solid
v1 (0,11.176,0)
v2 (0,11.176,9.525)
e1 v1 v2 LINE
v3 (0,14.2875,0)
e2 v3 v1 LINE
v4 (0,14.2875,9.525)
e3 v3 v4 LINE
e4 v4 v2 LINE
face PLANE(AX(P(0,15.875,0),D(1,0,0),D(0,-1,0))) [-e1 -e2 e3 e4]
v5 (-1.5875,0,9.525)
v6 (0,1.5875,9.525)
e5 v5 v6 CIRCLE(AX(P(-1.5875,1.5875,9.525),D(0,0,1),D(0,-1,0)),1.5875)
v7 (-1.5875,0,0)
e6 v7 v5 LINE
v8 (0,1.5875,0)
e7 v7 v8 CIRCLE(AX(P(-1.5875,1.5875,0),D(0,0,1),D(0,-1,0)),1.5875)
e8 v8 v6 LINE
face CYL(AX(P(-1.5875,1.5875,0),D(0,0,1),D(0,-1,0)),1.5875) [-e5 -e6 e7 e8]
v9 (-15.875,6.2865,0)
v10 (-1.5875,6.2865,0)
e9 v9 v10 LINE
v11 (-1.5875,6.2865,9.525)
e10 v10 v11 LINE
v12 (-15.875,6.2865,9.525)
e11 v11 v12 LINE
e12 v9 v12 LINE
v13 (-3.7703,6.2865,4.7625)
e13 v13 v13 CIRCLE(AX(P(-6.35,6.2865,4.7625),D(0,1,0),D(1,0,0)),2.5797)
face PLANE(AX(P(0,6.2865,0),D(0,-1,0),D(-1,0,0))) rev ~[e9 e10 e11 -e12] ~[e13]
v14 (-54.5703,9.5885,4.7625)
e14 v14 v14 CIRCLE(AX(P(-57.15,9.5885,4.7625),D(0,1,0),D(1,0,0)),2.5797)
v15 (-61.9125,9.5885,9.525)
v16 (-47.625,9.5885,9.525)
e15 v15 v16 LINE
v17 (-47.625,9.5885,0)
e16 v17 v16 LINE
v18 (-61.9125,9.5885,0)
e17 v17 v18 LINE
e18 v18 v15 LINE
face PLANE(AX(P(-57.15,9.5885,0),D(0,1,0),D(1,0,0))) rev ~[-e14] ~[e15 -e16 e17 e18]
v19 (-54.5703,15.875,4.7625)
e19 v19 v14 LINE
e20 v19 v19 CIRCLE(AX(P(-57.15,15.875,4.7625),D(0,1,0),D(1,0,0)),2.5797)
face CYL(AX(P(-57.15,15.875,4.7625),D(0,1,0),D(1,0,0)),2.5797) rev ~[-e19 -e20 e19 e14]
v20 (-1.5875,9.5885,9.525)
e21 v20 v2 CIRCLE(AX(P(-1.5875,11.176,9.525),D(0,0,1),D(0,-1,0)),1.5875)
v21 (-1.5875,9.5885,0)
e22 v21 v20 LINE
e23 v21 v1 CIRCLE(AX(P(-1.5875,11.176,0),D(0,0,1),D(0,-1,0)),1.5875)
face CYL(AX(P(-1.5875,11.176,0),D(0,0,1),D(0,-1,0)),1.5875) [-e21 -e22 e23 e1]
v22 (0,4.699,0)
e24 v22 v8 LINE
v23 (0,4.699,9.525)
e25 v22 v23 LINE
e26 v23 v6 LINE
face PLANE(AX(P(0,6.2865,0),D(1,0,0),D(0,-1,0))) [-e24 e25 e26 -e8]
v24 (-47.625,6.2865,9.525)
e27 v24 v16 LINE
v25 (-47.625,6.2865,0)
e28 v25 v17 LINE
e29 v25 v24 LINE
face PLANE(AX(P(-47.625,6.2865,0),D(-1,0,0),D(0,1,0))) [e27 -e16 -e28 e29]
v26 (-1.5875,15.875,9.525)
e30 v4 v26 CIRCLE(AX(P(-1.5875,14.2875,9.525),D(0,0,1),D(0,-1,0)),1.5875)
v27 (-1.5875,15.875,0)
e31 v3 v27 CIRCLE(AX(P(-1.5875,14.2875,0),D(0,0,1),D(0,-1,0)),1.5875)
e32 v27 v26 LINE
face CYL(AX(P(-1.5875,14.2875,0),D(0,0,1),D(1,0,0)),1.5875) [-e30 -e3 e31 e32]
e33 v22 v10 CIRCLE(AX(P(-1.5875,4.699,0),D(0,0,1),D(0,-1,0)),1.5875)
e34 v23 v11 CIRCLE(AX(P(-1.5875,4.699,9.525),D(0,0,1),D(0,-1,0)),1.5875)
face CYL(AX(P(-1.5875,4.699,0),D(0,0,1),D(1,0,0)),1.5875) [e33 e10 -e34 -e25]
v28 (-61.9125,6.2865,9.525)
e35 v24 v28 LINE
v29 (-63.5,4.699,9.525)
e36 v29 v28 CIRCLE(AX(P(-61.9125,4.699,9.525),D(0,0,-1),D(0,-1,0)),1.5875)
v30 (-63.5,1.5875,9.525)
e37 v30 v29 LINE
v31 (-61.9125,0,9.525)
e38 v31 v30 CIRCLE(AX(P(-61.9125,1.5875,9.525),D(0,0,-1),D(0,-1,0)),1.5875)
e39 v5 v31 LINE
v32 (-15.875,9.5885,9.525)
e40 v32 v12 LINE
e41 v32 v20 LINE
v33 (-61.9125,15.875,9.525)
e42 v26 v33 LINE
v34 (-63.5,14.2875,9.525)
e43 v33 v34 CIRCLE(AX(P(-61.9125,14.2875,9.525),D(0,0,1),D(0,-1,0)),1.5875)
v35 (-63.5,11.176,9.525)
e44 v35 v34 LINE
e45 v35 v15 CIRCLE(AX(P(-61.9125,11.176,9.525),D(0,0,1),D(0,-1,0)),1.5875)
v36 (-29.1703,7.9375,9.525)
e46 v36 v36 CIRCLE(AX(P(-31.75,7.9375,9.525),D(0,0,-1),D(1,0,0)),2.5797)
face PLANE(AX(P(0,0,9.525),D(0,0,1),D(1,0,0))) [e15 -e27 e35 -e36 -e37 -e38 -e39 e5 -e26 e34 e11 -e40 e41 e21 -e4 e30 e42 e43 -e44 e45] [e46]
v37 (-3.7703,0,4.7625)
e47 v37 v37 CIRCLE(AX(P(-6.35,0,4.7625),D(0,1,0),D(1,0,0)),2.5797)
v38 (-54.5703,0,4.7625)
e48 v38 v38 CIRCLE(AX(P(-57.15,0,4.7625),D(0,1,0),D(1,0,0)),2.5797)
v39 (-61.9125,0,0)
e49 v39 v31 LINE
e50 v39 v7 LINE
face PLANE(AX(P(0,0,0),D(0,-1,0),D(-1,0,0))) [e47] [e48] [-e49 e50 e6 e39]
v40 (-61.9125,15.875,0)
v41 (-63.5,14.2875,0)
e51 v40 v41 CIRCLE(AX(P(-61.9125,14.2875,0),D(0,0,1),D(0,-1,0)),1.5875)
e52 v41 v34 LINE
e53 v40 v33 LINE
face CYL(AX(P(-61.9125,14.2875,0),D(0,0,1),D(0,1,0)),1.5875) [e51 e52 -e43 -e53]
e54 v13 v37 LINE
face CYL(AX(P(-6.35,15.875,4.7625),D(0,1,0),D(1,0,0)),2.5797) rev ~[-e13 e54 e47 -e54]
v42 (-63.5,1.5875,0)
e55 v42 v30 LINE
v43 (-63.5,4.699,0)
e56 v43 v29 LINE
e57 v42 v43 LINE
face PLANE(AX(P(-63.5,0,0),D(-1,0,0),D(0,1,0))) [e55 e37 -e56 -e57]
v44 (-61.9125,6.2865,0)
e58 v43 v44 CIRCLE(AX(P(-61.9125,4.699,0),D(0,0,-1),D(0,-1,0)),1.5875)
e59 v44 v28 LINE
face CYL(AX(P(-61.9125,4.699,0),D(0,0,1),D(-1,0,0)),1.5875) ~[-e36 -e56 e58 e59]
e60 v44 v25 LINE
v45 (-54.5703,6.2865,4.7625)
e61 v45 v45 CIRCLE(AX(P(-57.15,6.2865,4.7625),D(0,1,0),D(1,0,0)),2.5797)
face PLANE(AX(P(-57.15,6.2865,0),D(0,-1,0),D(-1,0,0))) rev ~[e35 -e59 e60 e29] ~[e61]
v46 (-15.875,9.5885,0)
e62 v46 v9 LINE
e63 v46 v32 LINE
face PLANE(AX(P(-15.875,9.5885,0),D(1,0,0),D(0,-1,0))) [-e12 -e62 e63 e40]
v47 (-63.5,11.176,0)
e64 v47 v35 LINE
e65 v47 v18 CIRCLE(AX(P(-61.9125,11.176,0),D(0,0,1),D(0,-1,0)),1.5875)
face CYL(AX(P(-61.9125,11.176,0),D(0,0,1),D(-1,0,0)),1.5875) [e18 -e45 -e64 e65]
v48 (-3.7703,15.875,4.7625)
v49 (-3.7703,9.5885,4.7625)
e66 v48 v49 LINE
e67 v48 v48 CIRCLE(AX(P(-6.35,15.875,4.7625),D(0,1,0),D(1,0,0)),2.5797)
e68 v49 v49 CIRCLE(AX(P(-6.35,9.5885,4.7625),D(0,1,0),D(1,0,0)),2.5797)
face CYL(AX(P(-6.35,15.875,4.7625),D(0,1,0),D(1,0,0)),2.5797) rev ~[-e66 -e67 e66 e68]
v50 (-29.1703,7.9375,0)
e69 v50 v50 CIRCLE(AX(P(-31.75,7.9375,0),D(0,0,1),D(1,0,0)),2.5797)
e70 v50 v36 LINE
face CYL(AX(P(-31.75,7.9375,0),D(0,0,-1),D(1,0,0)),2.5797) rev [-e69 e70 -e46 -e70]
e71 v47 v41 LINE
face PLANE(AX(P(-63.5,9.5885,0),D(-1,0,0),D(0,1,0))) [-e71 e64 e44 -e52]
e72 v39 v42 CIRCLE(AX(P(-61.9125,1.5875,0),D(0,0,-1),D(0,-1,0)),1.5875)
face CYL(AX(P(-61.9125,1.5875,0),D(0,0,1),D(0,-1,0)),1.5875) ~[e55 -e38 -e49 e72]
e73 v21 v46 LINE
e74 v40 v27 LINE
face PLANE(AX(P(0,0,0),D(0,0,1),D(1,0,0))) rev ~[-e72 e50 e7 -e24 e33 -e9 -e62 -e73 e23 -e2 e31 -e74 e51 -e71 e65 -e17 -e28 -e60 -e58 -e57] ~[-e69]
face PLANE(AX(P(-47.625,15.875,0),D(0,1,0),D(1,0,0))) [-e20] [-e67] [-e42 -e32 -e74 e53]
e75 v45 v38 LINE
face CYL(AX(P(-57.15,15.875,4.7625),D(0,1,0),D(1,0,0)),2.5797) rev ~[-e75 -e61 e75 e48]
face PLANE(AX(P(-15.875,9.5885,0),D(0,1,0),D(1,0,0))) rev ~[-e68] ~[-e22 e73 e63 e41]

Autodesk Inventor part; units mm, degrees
ref_plane "YZ Plane" through (0, 0, 0) normal (1, 0, 0) x (0, 1, 0)
ref_plane "XZ Plane" through (0, 0, 0) normal (0, 1, 0) x (-1, 0, 0)
ref_plane "XY Plane" through (0, 0, 0) normal (0, 0, 1) x (1, 0, 0)
sketch "Sketch1" plane through (0, 0, 0) normal (0, 0, 1) x (1, 0, 0)
  line L0 (0, 0) -> (-63.5, 0)
  line L1 (-63.5, 0) -> (-63.5, 15.875)
  line L2 (-63.5, 15.875) -> (0, 15.875)
  line L3 (0, 15.875) -> (0, 0)
  line L4 (0, 6.2865) -> (-63.5, 6.2865)
  line L5 (-63.5, 6.2865) -> (-63.5, 9.5885)
  line L6 (-63.5, 9.5885) -> (0, 9.5885)
  line L7 (0, 9.5885) -> (0, 6.2865)
  line L8 (-47.625, 15.875) -> (-15.875, 15.875)
  line L9 (-15.875, 15.875) -> (-15.875, 0)
  line L10 (-15.875, 0) -> (-47.625, 0)
  line L11 (-47.625, 0) -> (-47.625, 15.875)
  circle A0 centre (-31.75, 7.9375) radius 6.35
  circle A1 centre (-31.75, 7.9375) radius 2.5797
  line L12 (-6.35, 6.2865) -> (-6.35, 9.5885)
  line L13 (-57.15, 6.2865) -> (-57.15, 9.5885)
  point P0 (-15.875, 6.2865)
  point P1 (-15.875, 9.5885)
  point P2 (-47.625, 9.5885)
  point P3 (-47.625, 6.2865)
  dimension "d12" = 15.875
  dimension "d13" = 6.2865
  dimension "d14" = 3.302
  dimension "d15" = 15.875
  dimension "d16" = 15.875
  dimension "d17" = 7.9375
  dimension "d18" = 31.75
  dimension "d19" = 12.7
  dimension "d20" = 5.1594
  dimension "d33" = 6.35
  dimension "d34" = 6.35
  dimension "d35" = 50.8
  dimension "d36" = 63.5
extrude "Extrusion1" add sketch "Sketch1" along normal blind 9.525 contours L0 L9 L4 L3 | L0 L11 L4 A0 L9 | L0 L1 L4 L11 | L4 A0 L6 L9 | L6 L9 L2 L3 | L11 L6 A0 L4 | A0 L4 A1 | L4 A1 L6 A0 | L6 A0 L11 L2 L9 | A0 L6 A1 L4 | L6 L1 L2 L11 | L6 A1 A0
sketch "Sketch2" plane through (-63.5, 15.875, 0) normal (0, 1, 0) x (1, 0, 0)
  circle A0 centre (57.15, -4.7625) radius 2.5797
  circle A1 centre (6.35, -4.7625) radius 2.5797
  line L0 (63.5, 0) -> (0, 0) projected
  line L1 (63.5, 0) -> (63.5, -9.525) projected
  line L2 (0, 0) -> (0, -9.525) projected
  dimension "d25" = 4.7625
  dimension "d26" = 4.7625
  dimension "d27" = 6.35
  dimension "d28" = 6.35
  dimension "d29" = 5.1594
extrude "Extrusion3" cut sketch "Sketch2" against normal through all
fillet "Fillet2" radius 1.5875 8 edges at (-63.5, 0, 4.7625) (-63.5, 6.2865, 4.7625) (-63.5, 9.5885, 4.7625) (-63.5, 15.875, 4.7625) (0, 15.875, 4.7625) (0, 9.5885, 4.7625) (0, 6.2865, 4.7625) (0, 0, 4.7625)
equation "\"d13\" = -0.5 * d14 + 0.5 * d12"
equation "\"d16\" = d15"
equation "\"d17\" = 0.5 * d12"
equation "\"d18\" = 0.5 * d36"
equation "\"d33\" = d34"
equation "\"d26\" = d25"
equation "\"d27\" = d28"
properties part number "Connector"
